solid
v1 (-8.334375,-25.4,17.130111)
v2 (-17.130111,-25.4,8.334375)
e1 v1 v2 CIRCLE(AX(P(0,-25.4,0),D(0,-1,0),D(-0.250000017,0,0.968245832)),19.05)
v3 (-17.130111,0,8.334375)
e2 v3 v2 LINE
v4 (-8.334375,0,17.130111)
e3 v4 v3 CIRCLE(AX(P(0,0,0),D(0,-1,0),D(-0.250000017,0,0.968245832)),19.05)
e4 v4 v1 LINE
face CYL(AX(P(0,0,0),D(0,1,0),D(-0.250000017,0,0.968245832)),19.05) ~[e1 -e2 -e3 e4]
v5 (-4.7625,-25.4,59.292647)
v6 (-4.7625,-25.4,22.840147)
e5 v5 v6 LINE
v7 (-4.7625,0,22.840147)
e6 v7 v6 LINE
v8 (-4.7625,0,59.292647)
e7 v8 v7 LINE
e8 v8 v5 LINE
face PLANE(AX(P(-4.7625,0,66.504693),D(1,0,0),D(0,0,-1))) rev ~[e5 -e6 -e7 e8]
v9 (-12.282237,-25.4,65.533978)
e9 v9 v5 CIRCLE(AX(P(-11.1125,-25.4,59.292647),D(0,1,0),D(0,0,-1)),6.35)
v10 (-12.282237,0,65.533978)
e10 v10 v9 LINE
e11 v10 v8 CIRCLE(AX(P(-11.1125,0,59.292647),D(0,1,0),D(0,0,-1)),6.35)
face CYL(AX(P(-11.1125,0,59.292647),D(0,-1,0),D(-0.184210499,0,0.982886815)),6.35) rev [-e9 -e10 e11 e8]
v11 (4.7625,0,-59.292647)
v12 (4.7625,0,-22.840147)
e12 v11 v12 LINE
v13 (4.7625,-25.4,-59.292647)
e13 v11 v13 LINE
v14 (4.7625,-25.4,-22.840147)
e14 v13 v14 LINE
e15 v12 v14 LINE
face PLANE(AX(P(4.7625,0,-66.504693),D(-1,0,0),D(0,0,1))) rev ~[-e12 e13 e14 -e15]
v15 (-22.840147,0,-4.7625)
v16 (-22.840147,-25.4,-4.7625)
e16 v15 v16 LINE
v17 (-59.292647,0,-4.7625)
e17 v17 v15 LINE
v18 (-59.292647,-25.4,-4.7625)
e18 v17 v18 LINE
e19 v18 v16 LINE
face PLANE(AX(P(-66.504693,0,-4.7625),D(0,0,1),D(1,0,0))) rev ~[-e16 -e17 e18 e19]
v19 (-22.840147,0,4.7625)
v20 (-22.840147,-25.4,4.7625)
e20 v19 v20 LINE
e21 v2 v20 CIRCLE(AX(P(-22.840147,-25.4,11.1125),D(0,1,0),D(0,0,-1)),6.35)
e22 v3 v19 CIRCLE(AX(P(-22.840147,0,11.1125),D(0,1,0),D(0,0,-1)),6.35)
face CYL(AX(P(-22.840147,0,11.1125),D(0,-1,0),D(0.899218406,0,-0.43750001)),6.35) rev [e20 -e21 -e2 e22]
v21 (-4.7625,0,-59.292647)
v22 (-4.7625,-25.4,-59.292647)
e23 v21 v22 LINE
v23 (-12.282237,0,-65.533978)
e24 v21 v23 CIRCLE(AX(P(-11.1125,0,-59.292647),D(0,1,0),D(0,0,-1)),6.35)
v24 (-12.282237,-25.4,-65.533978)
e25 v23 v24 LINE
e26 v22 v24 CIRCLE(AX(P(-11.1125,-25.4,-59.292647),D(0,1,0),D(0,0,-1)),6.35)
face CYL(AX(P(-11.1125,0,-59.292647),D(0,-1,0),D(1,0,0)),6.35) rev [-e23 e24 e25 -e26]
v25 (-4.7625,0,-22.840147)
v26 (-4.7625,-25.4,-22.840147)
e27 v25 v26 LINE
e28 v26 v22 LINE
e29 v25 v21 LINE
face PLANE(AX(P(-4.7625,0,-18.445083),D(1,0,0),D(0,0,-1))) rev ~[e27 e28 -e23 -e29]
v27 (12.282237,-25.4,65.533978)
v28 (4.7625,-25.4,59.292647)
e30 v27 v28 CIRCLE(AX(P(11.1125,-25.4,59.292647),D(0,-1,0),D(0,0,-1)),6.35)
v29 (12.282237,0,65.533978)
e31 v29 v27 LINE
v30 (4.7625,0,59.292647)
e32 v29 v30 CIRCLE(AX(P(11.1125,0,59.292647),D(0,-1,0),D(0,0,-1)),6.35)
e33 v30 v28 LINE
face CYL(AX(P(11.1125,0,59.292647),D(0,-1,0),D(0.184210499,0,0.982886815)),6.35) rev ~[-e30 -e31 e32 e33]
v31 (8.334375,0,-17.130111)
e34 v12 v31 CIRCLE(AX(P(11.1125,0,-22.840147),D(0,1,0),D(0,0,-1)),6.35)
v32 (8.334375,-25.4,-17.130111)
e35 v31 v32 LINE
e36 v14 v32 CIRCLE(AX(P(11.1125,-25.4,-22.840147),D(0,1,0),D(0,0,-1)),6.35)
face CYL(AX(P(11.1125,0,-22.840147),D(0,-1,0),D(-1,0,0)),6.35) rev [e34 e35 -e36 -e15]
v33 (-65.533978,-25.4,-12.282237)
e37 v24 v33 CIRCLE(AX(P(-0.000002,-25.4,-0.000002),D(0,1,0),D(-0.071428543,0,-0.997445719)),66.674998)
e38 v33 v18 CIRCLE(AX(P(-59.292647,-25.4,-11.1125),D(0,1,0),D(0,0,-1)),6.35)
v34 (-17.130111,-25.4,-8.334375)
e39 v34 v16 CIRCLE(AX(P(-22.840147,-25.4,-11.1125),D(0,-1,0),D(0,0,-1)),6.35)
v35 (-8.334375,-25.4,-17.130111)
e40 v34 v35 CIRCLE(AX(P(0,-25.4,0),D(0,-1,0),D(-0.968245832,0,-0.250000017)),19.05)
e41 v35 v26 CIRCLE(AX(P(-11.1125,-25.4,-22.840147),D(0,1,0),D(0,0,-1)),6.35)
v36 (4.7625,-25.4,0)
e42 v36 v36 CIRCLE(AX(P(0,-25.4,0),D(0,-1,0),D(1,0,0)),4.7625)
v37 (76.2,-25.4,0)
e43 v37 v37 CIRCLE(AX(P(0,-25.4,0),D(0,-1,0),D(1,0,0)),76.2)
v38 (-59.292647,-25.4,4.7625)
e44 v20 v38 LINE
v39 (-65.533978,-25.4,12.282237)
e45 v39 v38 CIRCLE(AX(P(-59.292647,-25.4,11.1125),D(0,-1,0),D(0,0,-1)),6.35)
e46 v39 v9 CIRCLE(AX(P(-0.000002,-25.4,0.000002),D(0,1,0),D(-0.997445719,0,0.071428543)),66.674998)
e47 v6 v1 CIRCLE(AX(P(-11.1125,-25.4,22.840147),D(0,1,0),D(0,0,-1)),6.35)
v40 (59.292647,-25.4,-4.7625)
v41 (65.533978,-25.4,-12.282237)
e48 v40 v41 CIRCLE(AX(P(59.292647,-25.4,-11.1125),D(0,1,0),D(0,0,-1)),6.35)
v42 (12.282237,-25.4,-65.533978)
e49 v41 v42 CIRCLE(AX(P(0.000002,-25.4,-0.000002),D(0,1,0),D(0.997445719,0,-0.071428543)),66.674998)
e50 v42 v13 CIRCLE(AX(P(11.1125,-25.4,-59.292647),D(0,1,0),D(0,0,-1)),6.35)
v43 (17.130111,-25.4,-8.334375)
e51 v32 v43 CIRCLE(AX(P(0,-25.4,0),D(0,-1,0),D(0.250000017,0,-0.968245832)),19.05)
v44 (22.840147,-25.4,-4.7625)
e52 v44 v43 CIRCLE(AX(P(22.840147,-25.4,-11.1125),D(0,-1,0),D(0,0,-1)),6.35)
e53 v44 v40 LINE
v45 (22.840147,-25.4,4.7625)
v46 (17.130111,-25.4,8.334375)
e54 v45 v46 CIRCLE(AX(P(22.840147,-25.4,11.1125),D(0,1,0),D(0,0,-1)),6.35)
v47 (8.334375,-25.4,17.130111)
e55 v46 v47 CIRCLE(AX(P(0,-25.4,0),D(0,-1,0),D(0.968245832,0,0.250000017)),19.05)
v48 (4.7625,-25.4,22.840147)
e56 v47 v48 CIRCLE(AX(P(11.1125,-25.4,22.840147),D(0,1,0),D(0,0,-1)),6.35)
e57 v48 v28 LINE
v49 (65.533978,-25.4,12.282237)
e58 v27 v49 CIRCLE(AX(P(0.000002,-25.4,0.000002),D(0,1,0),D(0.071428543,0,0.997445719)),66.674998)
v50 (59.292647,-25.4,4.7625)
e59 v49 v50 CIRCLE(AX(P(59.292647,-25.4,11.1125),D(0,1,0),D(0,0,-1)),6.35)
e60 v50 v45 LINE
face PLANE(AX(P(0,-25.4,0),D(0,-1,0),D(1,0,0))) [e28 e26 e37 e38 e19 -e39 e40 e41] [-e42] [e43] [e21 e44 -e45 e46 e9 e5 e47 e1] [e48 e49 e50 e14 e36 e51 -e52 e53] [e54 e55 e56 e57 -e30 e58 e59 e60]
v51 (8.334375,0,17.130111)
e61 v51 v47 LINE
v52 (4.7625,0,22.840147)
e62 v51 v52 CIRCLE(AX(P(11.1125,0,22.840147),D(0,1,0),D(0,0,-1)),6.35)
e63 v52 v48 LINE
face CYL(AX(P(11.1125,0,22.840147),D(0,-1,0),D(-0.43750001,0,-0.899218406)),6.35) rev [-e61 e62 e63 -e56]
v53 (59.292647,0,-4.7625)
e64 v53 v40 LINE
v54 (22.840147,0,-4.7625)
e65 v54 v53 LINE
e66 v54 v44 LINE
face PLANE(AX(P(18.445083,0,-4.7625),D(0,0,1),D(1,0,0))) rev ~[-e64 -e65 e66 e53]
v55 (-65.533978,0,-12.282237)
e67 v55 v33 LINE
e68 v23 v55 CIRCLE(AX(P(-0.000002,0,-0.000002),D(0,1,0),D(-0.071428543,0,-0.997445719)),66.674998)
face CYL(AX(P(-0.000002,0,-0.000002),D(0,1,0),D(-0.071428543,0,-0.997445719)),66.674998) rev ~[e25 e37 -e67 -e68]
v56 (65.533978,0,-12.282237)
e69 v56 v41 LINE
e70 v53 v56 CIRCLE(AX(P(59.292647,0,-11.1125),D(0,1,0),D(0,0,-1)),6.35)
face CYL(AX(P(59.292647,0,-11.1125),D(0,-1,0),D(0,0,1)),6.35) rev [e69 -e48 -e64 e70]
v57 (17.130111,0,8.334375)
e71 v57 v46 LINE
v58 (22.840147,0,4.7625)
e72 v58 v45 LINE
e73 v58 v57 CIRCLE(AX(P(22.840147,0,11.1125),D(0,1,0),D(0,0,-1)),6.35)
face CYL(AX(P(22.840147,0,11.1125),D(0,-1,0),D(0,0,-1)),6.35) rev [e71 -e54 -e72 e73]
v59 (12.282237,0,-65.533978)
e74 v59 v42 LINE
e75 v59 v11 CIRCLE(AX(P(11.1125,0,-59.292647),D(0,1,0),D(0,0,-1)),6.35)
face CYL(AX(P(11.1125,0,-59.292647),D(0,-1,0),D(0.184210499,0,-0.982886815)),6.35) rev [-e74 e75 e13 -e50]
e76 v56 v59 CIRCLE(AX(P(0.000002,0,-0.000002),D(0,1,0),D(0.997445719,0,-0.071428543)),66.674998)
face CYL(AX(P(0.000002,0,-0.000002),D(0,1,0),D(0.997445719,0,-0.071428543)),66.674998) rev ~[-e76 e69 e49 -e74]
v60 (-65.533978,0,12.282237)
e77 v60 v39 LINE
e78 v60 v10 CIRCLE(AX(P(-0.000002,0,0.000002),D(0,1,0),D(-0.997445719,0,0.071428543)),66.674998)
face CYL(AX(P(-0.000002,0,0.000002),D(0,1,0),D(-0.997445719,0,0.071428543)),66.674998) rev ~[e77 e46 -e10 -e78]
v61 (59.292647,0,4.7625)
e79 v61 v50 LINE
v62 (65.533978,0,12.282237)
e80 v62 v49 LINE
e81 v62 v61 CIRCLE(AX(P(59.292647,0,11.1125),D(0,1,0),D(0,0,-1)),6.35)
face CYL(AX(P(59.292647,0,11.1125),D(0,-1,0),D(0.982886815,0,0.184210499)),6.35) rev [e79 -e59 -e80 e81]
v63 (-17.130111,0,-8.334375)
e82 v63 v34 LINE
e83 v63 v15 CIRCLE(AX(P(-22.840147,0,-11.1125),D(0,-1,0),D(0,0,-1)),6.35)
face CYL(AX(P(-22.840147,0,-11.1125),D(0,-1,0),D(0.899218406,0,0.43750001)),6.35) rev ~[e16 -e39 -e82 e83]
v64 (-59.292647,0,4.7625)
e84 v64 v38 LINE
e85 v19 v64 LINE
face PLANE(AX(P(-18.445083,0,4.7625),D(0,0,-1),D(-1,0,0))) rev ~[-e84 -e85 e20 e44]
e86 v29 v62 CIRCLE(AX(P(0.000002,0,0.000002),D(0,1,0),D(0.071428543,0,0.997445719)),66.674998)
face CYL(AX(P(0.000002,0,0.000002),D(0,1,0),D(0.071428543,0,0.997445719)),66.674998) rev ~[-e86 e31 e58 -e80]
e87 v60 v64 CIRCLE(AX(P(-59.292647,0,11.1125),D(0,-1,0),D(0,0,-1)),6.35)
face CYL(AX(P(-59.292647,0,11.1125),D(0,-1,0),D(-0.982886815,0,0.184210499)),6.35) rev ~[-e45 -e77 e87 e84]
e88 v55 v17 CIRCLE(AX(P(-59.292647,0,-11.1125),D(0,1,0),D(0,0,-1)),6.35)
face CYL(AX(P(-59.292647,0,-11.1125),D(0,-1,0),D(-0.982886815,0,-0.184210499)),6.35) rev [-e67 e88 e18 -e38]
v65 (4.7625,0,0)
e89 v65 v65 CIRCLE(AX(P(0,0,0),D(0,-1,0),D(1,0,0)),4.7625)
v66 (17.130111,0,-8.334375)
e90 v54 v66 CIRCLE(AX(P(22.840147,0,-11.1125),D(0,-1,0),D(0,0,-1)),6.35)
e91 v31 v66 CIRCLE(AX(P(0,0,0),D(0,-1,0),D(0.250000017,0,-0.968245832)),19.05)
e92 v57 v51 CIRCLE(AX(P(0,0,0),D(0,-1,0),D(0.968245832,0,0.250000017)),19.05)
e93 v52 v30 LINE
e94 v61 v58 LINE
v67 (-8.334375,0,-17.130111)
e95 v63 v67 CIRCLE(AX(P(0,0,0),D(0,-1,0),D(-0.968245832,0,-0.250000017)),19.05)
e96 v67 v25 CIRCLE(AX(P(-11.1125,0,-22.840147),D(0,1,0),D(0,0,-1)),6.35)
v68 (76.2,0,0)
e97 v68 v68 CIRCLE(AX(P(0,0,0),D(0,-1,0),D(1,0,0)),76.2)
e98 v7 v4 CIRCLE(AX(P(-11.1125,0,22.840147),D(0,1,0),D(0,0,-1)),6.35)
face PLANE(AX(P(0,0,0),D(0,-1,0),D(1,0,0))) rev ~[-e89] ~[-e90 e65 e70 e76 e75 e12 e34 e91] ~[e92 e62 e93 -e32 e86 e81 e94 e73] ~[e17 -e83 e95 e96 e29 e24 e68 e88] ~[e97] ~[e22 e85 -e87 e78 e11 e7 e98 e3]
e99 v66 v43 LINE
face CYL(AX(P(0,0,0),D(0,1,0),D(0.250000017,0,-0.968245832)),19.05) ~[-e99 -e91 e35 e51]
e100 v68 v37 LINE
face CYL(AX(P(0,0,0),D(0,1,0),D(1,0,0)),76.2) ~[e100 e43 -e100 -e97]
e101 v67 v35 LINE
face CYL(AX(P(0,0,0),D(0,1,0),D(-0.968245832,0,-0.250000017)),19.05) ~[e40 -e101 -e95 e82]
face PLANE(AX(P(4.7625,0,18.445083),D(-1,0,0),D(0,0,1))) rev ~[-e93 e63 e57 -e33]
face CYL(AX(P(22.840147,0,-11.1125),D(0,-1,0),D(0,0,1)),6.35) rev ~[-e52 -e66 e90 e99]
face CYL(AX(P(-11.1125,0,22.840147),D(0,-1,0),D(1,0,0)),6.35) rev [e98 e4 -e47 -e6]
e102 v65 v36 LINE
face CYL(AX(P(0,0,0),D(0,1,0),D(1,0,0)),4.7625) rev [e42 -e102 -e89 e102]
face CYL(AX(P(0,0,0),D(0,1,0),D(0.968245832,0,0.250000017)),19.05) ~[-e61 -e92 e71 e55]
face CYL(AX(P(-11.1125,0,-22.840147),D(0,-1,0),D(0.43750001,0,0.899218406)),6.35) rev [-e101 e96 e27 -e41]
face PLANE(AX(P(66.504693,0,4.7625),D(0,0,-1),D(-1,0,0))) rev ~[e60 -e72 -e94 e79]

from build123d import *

# Parameters (mm, degrees)
F0_R     = 76.2
F0_R_2   = 4.7625
F1_DEPTH = 25.4
F2_R     = 6.35


with BuildPart() as f1:
    # F0 (on Front) → F1 (new body)
    with BuildSketch(Plane.XZ):
        Circle(F0_R)
        with BuildLine():
            ThreePointArc((66.504693, 4.7625), (66.63241, 2.382772), (66.675, 0))
            ThreePointArc((66.675, 0), (66.63241, -2.382772), (66.504693, -4.7625))
            ThreePointArc((66.504693, -4.7625), (47.146345, -47.146345), (4.7625, -66.504693))
            ThreePointArc((4.7625, -66.504693), (0, -66.675), (-4.7625, -66.504693))
            ThreePointArc((-4.7625, -66.504693), (-47.146345, -47.146345), (-66.504693, -4.7625))
            ThreePointArc((-66.504693, -4.7625), (-66.675, 0), (-66.504693, 4.7625))
            ThreePointArc((-66.504693, 4.7625), (-47.146345, 47.146345), (-4.7625, 66.504693))
            ThreePointArc((-4.7625, 66.504693), (0, 66.675), (4.7625, 66.504693))
            ThreePointArc((4.7625, 66.504693), (47.146345, 47.146345), (66.504693, 4.7625))
        make_face(mode=Mode.SUBTRACT)
        with BuildLine():
            Line((4.7625, 18.445083), (4.7625, 66.504693))
            ThreePointArc((4.7625, 66.504693), (0, 66.675), (-4.7625, 66.504693))
            Line((-4.7625, 66.504693), (-4.7625, 18.445083))
            ThreePointArc((-4.7625, 18.445083), (0, 19.05), (4.7625, 18.445083))
        make_face()
        with BuildLine():
            ThreePointArc((66.504693, -4.7625), (66.63241, -2.382772), (66.675, 0))
            ThreePointArc((66.675, 0), (66.63241, 2.382772), (66.504693, 4.7625))
            Line((66.504693, 4.7625), (18.445083, 4.7625))
            ThreePointArc((18.445083, 4.7625), (18.898166, 2.400382), (19.05, 0))
            ThreePointArc((19.05, 0), (18.898166, -2.400382), (18.445083, -4.7625))
            Line((18.445083, -4.7625), (66.504693, -4.7625))
        make_face()
        with BuildLine():
            ThreePointArc((19.05, 0), (18.898166, 2.400382), (18.445083, 4.7625))
            ThreePointArc((18.445083, 4.7625), (13.470384, 13.470384), (4.7625, 18.445083))
            ThreePointArc((4.7625, 18.445083), (0, 19.05), (-4.7625, 18.445083))
            ThreePointArc((-4.7625, 18.445083), (-13.470384, 13.470384), (-18.445083, 4.7625))
            ThreePointArc((-18.445083, 4.7625), (-19.05, 0), (-18.445083, -4.7625))
            ThreePointArc((-18.445083, -4.7625), (-13.470384, -13.470384), (-4.7625, -18.445083))
            ThreePointArc((-4.7625, -18.445083), (0, -19.05), (4.7625, -18.445083))
            ThreePointArc((4.7625, -18.445083), (13.470384, -13.470384), (18.445083, -4.7625))
            ThreePointArc((18.445083, -4.7625), (18.898166, -2.400382), (19.05, 0))
        make_face()
        Circle(F0_R_2, mode=Mode.SUBTRACT)
        with BuildLine():
            ThreePointArc((-4.7625, -66.504693), (0, -66.675), (4.7625, -66.504693))
            Line((4.7625, -66.504693), (4.7625, -18.445083))
            ThreePointArc((4.7625, -18.445083), (0, -19.05), (-4.7625, -18.445083))
            Line((-4.7625, -18.445083), (-4.7625, -66.504693))
        make_face()
        with BuildLine():
            Line((-18.445083, 4.7625), (-66.504693, 4.7625))
            ThreePointArc((-66.504693, 4.7625), (-66.675, 0), (-66.504693, -4.7625))
            Line((-66.504693, -4.7625), (-18.445083, -4.7625))
            ThreePointArc((-18.445083, -4.7625), (-19.05, 0), (-18.445083, 4.7625))
        make_face()
    extrude(amount=F1_DEPTH)

    # F2
    f2_edges = [f1.edges().sort_by_distance(p)[0] for p in [
        (4.7625, -12.7, 18.445083),
        (18.445083, -12.7, 4.7625),
        (-66.504693, -12.7, 4.7625),
        (4.7625, -12.7, -66.504693),
        (-18.445083, -12.7, 4.7625),
        (-4.7625, -12.7, 18.445083),
        (-4.7625, -12.7, -66.504693),
        (66.504693, -12.7, 4.7625),
        (18.445083, -12.7, -4.7625),
        (4.7625, -12.7, -18.445083),
        (4.7625, -12.7, 66.504693),
        (-66.504693, -12.7, -4.7625),
        (-4.7625, -12.7, -18.445083),
        (-18.445083, -12.7, -4.7625),
        (-4.7625, -12.7, 66.504693),
        (66.504693, -12.7, -4.7625),
    ]]
    fillet(f2_edges, radius=F2_R)


solid = f1.part
